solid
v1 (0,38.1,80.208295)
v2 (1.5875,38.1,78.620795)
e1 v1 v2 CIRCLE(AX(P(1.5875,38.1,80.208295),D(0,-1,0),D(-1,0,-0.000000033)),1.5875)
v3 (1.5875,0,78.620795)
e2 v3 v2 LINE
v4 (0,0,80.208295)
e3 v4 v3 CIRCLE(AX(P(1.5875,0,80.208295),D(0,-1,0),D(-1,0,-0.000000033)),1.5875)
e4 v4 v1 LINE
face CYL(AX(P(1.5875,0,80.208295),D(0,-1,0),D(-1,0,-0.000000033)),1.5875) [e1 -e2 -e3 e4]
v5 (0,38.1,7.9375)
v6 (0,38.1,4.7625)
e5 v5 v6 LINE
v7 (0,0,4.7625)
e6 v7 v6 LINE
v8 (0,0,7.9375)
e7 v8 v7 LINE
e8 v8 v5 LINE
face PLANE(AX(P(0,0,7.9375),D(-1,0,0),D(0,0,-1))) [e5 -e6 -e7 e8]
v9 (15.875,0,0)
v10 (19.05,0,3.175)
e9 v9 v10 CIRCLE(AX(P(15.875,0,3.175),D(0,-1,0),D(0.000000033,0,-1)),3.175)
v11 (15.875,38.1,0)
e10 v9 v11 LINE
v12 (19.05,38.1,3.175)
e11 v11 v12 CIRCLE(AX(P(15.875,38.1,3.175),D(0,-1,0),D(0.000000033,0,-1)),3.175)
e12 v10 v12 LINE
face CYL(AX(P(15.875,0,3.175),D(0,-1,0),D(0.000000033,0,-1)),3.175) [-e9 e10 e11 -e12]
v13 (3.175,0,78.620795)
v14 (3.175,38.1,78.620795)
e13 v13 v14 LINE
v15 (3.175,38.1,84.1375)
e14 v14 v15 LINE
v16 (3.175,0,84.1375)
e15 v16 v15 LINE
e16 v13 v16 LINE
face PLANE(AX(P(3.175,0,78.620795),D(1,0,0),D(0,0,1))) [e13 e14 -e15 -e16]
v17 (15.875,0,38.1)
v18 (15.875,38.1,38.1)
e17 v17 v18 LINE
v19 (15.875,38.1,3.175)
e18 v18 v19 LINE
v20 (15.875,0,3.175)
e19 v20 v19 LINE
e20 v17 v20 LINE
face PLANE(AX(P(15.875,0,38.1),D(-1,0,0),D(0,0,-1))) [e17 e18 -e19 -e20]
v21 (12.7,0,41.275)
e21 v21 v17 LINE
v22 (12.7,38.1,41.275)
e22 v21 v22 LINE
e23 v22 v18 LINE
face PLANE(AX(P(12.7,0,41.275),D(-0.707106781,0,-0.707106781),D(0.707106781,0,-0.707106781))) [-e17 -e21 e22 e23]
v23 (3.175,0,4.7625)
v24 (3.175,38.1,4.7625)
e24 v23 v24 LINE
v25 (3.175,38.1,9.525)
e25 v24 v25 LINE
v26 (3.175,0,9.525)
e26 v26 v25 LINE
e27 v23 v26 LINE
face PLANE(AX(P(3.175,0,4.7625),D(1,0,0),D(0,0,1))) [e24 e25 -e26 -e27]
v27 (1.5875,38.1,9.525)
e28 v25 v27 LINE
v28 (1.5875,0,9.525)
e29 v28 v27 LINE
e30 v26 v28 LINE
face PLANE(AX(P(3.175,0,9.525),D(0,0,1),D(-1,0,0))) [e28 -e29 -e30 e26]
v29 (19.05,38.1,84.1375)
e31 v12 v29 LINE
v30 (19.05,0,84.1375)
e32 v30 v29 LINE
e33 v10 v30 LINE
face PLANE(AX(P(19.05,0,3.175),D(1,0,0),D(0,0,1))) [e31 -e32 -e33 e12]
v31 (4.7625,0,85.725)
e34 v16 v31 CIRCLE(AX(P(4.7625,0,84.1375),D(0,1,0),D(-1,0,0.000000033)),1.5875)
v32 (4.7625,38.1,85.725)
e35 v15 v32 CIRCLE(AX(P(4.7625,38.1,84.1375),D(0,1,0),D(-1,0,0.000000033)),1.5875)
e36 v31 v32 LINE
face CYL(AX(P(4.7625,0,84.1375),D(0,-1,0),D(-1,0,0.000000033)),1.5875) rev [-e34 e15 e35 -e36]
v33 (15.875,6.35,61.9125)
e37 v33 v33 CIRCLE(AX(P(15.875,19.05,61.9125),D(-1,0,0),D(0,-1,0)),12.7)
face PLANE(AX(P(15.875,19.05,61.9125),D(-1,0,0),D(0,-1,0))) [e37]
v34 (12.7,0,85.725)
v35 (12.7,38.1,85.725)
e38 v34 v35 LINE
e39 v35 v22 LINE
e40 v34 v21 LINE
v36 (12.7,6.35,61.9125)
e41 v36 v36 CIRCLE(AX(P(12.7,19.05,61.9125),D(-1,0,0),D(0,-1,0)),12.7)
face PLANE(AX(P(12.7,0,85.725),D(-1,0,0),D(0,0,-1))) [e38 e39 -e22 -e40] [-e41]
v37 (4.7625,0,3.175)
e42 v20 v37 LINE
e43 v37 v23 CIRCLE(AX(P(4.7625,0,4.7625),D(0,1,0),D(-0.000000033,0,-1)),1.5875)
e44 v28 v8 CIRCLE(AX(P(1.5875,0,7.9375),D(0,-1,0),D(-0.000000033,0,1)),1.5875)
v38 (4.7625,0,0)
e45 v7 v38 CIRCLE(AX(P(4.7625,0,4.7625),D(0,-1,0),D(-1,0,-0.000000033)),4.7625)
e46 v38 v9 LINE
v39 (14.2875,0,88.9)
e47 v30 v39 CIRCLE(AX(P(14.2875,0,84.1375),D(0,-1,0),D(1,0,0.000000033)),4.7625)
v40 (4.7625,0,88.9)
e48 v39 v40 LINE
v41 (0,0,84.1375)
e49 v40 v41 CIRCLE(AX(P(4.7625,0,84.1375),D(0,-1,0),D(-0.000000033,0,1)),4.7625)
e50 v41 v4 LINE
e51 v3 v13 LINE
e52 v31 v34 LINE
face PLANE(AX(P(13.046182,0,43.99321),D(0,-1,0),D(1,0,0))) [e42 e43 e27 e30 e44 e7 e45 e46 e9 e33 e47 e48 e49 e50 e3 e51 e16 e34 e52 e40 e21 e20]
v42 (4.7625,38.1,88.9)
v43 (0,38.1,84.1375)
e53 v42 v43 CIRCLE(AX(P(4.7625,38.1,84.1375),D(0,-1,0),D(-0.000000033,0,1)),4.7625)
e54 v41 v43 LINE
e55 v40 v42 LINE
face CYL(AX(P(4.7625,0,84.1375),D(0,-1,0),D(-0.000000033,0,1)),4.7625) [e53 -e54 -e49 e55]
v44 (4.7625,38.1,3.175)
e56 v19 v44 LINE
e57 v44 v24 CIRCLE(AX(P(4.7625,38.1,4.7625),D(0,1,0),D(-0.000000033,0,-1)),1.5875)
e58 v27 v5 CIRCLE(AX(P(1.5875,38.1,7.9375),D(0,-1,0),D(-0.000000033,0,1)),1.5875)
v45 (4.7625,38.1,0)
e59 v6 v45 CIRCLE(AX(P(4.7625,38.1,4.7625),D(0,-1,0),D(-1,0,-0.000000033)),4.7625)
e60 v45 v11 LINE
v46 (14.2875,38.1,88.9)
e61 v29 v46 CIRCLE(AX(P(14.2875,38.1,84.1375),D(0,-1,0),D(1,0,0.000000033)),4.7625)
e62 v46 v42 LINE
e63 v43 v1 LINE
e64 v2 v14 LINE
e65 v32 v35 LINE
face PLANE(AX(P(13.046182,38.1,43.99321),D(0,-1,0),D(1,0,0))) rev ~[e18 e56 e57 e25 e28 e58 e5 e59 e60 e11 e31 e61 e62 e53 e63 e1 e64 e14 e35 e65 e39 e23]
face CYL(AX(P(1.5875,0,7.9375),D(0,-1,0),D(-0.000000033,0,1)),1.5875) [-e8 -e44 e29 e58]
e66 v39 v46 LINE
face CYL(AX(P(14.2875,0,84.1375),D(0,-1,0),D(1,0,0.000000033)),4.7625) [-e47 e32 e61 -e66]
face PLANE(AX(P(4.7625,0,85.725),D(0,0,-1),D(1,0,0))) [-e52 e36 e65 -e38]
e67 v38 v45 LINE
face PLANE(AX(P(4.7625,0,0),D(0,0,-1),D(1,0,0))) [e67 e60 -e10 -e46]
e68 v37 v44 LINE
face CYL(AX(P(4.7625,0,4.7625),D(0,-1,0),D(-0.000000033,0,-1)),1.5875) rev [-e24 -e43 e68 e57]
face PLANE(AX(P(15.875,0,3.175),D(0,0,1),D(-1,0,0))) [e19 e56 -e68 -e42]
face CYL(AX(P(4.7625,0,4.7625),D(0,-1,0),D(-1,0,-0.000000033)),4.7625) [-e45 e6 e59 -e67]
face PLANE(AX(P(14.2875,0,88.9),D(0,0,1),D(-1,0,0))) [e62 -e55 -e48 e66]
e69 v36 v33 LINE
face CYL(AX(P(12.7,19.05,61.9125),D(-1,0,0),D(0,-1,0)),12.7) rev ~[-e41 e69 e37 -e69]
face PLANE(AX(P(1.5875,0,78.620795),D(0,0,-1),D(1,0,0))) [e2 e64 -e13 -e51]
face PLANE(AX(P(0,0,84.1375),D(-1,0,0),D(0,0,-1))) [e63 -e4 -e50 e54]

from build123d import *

# Parameters (mm, degrees)
F1_DEPTH = 38.1
F2_R     = 12.7
F3_DEPTH = 3.175


with BuildPart() as f1:
    # F0 (on Front) → F1 (new body)
    with BuildSketch(Plane.XZ):
        with BuildLine():
            ThreePointArc((0, 4.7625), (1.394904, 1.394904), (4.7625, 0))
            Line((4.7625, 0), (15.875, 0))
            ThreePointArc((15.875, 0), (18.120064, 0.929936), (19.05, 3.175))
            Line((19.05, 3.175), (19.05, 84.1375))
            ThreePointArc((19.05, 84.1375), (17.655096, 87.505096), (14.2875, 88.9))
            Line((14.2875, 88.9), (4.7625, 88.9))
            ThreePointArc((4.7625, 88.9), (1.394904, 87.505096), (0, 84.1375))
            Line((0, 84.1375), (0, 80.208295))
            ThreePointArc((0, 80.208295), (0.464968, 79.085763), (1.5875, 78.620795))
            Line((1.5875, 78.620795), (3.175, 78.620795))
            Line((3.175, 78.620795), (3.175, 84.1375))
            ThreePointArc((3.175, 84.1375), (3.639968, 85.260032), (4.7625, 85.725))
            Line((4.7625, 85.725), (12.7, 85.725))
            Line((12.7, 85.725), (12.7, 41.275))
            Line((12.7, 41.275), (15.875, 38.1))
            Line((15.875, 38.1), (15.875, 3.175))
            Line((15.875, 3.175), (4.7625, 3.175))
            ThreePointArc((4.7625, 3.175), (3.639968, 3.639968), (3.175, 4.7625))
            Line((3.175, 4.7625), (3.175, 9.525))
            Line((3.175, 9.525), (1.5875, 9.525))
            ThreePointArc((1.5875, 9.525), (0.464968, 9.060032), (0, 7.9375))
            Line((0, 7.9375), (0, 4.7625))
        make_face()
    extrude(amount=-F1_DEPTH)

    # F2 (on face) → F3 (cut)
    with BuildSketch(Plane(origin=(12.7, 0, 0), x_dir=(0, -1, 0), z_dir=(-1, 0, 0))):
        with Locations((-19.05, 61.9125)):
            Circle(F2_R)
    extrude(amount=-F3_DEPTH, mode=Mode.SUBTRACT)


solid = f1.part
